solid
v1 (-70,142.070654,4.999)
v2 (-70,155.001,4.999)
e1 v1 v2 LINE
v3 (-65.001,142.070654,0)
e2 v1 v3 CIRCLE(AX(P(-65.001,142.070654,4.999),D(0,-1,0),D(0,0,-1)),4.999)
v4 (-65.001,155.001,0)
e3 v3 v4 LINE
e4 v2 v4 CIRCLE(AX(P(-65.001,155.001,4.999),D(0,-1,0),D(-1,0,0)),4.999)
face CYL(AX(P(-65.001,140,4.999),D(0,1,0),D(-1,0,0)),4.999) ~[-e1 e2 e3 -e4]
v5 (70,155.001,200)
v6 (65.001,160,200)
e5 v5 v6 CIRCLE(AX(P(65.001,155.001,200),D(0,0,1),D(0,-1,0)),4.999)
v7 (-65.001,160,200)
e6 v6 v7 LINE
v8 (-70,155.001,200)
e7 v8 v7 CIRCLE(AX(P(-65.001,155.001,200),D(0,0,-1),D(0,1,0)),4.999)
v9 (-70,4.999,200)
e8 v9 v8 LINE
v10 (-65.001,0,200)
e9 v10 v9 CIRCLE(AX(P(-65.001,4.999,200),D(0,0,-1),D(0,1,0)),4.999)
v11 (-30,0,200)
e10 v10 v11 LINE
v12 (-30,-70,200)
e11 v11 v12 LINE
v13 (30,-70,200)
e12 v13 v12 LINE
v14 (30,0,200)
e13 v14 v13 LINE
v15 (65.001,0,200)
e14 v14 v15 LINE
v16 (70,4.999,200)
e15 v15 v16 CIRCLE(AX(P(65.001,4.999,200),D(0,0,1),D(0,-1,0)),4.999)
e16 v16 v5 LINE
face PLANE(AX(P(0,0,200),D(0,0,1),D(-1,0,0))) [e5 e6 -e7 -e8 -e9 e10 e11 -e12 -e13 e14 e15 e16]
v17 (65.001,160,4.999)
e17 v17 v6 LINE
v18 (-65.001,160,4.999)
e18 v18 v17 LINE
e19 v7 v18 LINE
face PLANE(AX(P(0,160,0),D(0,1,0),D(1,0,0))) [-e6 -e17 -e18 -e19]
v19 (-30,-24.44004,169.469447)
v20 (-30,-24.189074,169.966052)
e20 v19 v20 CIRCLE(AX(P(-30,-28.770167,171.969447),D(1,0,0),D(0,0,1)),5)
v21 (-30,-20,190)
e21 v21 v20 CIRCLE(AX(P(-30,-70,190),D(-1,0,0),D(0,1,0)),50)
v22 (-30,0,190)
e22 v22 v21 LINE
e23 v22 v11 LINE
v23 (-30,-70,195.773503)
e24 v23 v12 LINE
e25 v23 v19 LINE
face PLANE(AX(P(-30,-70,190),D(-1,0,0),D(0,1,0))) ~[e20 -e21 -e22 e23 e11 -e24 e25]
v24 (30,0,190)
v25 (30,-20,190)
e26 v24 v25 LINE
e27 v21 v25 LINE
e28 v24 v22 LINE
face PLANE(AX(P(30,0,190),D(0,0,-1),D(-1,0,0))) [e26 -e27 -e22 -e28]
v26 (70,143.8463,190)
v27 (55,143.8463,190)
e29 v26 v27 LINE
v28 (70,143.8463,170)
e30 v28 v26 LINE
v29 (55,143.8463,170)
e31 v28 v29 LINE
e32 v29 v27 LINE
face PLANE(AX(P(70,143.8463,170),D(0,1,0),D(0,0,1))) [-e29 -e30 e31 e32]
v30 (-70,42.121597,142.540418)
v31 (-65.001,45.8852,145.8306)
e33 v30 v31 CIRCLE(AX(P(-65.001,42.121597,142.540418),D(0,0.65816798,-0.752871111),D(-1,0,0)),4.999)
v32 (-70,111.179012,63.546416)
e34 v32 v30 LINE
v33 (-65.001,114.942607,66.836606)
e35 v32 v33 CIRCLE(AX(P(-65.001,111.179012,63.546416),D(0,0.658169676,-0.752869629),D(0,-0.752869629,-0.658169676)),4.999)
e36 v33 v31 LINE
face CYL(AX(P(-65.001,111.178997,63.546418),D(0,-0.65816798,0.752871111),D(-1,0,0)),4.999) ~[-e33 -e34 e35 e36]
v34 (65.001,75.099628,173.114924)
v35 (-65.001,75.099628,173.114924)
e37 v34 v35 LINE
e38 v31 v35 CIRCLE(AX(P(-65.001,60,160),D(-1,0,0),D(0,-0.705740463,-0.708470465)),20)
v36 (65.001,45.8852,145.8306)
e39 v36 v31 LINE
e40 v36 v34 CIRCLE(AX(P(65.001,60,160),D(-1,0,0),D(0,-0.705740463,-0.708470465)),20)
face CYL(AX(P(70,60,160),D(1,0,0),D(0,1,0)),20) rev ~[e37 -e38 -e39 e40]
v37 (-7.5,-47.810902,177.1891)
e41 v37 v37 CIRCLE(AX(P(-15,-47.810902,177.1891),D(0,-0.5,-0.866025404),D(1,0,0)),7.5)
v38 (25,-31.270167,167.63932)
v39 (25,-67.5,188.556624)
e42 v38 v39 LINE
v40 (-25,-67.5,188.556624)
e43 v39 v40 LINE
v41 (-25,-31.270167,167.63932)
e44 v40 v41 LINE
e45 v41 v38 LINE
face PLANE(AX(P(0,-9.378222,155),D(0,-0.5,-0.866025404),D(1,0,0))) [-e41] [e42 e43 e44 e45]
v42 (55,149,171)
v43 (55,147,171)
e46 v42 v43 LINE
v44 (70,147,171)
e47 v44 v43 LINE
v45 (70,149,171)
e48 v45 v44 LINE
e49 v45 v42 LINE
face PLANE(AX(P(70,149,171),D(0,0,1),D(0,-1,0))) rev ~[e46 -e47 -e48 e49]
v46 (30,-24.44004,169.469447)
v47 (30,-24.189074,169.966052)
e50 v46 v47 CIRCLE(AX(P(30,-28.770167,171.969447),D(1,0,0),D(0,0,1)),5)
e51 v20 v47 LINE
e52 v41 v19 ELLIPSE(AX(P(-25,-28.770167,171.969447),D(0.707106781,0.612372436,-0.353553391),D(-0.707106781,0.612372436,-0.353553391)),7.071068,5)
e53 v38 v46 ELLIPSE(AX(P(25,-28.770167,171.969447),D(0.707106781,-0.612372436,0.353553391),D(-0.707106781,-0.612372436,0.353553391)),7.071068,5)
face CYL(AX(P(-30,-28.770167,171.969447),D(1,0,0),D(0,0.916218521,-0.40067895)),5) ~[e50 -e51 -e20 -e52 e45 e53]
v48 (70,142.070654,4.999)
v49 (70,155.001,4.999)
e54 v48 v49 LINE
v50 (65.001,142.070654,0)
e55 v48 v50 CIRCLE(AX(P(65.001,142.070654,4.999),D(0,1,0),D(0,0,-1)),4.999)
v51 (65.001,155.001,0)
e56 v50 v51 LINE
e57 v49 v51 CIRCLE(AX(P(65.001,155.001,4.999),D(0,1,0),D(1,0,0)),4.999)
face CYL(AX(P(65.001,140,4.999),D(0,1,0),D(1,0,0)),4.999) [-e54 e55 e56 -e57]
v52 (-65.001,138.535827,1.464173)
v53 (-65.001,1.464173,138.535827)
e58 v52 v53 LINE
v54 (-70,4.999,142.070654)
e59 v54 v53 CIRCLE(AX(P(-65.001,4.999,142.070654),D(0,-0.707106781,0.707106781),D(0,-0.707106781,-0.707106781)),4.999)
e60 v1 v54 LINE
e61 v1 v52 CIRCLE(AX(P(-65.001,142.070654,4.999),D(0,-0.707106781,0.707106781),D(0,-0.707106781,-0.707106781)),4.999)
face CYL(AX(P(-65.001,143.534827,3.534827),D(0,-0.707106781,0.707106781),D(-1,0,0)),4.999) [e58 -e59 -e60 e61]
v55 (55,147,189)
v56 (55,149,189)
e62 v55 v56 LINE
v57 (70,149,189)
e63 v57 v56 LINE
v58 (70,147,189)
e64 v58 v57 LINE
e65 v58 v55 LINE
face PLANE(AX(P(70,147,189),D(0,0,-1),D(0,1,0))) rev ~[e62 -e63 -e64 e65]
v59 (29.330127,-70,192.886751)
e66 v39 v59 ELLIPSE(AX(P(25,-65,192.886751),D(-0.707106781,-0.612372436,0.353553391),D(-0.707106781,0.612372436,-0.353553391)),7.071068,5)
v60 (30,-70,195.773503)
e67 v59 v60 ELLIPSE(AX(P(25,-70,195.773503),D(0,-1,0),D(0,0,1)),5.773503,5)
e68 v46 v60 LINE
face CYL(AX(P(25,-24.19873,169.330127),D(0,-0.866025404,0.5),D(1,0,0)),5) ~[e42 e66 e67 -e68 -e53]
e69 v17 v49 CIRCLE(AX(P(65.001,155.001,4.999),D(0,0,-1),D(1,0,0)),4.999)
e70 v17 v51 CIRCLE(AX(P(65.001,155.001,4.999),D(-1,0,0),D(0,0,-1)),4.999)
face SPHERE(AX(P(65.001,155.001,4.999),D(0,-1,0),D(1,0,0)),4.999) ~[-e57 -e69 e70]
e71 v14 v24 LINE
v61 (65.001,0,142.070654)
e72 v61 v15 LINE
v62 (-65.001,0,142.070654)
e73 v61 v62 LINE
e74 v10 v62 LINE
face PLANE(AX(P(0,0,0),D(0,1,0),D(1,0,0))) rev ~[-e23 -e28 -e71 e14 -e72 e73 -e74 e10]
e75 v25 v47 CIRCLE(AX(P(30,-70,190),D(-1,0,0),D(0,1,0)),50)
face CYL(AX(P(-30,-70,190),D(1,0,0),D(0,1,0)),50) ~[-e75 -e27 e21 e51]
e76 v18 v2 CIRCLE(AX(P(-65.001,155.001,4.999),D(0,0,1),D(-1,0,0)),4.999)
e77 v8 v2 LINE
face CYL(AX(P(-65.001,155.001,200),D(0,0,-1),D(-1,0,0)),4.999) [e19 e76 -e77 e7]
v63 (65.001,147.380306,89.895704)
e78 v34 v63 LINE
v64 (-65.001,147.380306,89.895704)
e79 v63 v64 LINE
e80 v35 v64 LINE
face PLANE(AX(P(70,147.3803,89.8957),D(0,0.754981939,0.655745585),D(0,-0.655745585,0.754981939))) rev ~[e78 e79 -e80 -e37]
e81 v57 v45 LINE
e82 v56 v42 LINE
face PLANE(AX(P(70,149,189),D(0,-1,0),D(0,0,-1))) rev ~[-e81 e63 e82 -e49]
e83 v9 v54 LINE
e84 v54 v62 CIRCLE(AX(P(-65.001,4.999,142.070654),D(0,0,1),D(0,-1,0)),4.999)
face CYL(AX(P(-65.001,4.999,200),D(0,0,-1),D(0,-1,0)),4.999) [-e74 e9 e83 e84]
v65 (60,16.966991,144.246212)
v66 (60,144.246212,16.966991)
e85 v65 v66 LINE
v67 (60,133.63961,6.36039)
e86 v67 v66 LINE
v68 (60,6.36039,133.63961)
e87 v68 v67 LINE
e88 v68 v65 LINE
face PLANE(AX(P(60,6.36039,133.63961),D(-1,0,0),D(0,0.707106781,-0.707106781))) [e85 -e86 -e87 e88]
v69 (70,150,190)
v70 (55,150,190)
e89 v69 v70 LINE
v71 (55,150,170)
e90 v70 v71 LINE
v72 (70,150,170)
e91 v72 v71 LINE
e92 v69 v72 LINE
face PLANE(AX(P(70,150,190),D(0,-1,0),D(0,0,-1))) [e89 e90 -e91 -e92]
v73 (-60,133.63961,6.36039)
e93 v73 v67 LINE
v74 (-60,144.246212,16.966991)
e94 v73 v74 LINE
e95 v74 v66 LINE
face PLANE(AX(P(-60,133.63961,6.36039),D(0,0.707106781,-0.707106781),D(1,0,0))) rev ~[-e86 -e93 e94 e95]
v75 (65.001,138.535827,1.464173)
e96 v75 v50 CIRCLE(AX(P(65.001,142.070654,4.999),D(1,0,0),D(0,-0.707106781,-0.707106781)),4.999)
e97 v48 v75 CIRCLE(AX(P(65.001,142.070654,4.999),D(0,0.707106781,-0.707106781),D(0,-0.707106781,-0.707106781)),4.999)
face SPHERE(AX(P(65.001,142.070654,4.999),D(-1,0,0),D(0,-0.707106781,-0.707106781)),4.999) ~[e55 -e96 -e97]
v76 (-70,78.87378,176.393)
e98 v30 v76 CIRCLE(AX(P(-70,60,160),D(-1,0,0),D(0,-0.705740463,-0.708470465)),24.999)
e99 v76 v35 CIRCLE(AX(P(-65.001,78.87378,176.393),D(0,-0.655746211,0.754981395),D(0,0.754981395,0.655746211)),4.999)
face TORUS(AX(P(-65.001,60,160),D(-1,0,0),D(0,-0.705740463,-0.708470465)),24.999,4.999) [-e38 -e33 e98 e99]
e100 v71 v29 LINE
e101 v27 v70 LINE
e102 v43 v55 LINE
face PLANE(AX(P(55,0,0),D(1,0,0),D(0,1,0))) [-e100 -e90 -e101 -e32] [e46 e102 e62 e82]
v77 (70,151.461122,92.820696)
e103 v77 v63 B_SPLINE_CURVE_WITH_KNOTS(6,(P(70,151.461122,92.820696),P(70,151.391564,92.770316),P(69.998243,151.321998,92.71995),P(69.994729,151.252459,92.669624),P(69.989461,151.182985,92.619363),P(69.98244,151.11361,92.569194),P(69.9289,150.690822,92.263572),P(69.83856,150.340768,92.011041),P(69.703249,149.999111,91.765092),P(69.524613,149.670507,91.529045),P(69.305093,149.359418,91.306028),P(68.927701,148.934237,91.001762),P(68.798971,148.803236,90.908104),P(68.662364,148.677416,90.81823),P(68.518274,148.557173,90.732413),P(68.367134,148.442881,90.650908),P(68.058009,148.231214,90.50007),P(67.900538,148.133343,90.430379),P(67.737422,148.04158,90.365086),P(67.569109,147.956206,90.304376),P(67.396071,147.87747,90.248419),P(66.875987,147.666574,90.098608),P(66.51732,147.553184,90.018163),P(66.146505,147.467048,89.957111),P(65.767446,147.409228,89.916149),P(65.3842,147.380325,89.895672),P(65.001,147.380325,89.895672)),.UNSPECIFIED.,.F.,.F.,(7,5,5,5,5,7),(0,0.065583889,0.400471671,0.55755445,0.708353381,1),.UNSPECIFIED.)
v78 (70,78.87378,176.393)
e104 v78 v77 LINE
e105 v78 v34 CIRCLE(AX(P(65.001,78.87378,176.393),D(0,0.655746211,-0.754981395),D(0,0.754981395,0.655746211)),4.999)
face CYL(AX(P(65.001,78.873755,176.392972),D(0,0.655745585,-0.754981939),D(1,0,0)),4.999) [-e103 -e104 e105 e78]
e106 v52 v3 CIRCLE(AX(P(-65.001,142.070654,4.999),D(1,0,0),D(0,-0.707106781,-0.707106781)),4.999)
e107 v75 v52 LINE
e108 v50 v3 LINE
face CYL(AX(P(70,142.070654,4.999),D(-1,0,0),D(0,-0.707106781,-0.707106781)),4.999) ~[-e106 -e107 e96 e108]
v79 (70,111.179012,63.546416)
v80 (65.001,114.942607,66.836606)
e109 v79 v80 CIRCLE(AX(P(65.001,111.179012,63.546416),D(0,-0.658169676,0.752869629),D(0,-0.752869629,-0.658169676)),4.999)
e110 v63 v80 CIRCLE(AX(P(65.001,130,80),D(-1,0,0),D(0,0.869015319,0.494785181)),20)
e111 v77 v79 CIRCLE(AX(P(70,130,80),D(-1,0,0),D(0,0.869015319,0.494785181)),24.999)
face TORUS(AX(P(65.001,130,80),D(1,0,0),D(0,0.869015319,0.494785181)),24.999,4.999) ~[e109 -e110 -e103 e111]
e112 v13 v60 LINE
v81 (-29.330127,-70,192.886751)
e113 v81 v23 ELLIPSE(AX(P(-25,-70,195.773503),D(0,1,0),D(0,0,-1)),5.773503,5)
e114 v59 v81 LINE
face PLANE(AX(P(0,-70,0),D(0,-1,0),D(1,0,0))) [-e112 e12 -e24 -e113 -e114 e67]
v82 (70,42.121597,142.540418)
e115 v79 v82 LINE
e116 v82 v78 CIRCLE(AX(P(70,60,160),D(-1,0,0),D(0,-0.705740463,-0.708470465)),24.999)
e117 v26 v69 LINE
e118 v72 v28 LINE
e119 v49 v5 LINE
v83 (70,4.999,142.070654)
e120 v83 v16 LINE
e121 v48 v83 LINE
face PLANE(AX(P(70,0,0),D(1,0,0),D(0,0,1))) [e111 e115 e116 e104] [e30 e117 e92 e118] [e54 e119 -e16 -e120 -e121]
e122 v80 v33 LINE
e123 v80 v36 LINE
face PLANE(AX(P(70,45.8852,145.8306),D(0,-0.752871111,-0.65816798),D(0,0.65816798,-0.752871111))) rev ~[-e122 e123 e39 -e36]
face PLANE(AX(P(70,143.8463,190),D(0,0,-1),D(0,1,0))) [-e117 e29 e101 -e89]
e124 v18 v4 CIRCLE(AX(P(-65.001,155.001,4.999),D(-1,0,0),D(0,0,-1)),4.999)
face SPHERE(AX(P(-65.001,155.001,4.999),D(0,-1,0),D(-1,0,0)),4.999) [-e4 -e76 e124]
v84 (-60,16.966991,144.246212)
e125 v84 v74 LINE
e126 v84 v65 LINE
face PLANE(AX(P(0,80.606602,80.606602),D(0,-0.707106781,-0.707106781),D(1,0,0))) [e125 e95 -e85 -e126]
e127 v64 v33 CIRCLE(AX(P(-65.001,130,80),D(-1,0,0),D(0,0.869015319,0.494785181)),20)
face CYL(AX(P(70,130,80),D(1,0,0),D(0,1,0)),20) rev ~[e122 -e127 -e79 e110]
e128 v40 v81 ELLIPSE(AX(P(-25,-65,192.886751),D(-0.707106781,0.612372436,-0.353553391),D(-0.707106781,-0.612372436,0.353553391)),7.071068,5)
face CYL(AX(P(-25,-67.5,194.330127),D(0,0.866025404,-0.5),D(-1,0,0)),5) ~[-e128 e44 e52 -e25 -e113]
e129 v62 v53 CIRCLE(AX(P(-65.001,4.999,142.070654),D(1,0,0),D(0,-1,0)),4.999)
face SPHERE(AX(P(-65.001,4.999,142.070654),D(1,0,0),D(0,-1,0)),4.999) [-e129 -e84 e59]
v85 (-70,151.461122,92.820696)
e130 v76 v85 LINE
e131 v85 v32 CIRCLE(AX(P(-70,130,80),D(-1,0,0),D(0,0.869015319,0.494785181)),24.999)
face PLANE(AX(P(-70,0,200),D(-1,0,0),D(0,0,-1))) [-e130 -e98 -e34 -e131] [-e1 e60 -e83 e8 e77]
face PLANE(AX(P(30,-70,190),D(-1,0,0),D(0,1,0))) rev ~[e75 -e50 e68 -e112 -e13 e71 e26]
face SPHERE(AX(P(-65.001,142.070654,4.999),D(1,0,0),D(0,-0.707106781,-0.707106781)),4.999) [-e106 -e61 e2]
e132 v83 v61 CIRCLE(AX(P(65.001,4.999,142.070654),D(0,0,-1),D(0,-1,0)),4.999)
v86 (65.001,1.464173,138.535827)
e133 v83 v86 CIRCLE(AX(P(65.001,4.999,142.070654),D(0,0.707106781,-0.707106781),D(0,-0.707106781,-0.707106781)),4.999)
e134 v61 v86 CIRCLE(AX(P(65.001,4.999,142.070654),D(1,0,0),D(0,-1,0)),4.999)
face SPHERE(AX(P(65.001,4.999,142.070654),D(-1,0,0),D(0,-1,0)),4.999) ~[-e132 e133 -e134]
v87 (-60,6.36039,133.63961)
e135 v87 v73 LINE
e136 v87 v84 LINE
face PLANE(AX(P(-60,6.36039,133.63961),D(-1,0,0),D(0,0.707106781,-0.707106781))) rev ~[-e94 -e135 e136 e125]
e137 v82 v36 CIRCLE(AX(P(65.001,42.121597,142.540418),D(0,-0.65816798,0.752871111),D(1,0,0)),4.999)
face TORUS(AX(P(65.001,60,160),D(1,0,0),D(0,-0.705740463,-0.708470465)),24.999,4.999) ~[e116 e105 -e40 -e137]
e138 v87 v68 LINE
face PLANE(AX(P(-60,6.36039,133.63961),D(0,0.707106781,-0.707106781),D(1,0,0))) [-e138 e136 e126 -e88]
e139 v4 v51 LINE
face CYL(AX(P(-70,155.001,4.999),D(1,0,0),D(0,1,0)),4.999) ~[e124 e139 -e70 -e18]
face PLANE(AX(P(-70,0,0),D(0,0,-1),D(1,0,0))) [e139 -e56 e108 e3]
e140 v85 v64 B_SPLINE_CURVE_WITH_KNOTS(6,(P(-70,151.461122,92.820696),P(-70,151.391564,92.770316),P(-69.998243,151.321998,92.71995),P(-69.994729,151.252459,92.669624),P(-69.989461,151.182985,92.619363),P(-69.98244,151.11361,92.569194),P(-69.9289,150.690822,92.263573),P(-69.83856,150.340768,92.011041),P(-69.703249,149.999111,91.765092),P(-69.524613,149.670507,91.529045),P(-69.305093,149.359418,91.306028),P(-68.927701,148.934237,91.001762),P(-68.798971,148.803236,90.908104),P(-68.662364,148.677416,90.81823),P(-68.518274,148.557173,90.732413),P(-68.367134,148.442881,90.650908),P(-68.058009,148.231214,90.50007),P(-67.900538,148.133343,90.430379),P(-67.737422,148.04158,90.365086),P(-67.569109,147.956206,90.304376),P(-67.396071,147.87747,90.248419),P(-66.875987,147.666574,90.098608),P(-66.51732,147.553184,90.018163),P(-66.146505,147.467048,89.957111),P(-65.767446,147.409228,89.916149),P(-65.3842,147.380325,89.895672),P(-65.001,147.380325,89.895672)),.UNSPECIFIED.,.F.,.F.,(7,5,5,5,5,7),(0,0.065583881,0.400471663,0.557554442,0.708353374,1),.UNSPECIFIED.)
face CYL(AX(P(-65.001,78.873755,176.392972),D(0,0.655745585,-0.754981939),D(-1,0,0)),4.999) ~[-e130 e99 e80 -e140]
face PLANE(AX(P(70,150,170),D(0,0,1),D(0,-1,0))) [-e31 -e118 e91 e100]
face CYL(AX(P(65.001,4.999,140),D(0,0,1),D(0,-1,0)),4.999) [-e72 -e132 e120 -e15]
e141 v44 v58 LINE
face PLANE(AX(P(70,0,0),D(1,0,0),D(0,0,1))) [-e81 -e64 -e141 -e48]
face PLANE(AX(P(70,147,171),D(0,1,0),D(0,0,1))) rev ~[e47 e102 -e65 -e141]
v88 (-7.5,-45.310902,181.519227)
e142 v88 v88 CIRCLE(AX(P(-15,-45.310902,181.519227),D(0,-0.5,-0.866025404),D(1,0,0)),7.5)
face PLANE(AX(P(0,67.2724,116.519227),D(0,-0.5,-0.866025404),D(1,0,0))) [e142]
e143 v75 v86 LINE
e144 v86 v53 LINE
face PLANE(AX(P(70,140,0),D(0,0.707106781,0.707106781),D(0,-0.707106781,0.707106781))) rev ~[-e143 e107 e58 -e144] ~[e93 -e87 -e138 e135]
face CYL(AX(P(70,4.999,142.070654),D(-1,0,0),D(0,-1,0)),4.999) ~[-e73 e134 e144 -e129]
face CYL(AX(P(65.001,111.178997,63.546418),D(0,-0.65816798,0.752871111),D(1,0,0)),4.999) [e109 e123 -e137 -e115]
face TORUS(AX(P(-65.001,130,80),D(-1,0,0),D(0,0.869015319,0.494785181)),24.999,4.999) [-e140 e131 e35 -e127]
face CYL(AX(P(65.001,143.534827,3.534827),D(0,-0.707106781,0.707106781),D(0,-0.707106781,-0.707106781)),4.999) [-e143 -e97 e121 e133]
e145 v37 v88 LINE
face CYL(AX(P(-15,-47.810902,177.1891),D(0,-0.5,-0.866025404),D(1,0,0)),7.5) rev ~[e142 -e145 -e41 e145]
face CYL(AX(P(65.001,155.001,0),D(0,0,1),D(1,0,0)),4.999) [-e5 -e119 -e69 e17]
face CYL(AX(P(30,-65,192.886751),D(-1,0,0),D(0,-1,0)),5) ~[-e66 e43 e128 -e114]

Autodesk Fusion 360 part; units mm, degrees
sketch "Boceto1" plane through (0, 0, 0) normal (0, 1, 0) x (1, 0, 0)
  line L0 (0, -200) -> (70, -200)
  line L1 (0, -200) -> (-70, -200)
  line L2 (-70, -200) -> (-70, 0)
  line L3 (-70, 0) -> (70, 0)
  line L4 (70, 0) -> (70, -200)
  dimension "d1" = 200
  dimension "d2" = 70
  dimension "d3" = 70
extrude "Extruir1" add sketch "Boceto1" along normal blind 160
sketch "Boceto2" plane through (70, 0, 0) normal (1, 0, 0) x (0, 1, 0)
  line L0 (0, 200) -> (0, 0)
  line L1 (0, 0) -> (160, 0)
  line L2 (160, 0) -> (160, 200)
  line L3 (160, 200) -> (0, 200)
  line L4 (140, 0) -> (0, 140)
  line L5 (430, 170) -> (420, 170)
extrude "Extruir2" cut sketch "Boceto2" against normal blind 140 contours L0 L1 L4
sketch "Boceto3" plane through (0, 0, 0) normal (0, -1, 0) x (1, 0, 0)
  line L0 (-70, 140) -> (70, 140)
  line L1 (70, 140) -> (70, 200)
  line L2 (70, 200) -> (-70, 200)
  line L3 (-70, 200) -> (-70, 140)
  line L4 (30, 200) -> (30, 190)
  line L5 (30, 190) -> (-30, 190)
  line L6 (-30, 190) -> (-30, 200)
extrude "Extruir3" add sketch "Boceto3" along normal blind 70 contours L2 L4 L5 L6
sketch "Boceto4" plane through (0, 0, 190) normal (0, 0, -1) x (1, 0, 0)
  line L0 (-30, 0) -> (30, 0)
  line L1 (30, 0) -> (30, 70)
  line L2 (30, 70) -> (-30, 70)
  line L3 (-30, 70) -> (-30, 0)
  line L4 (-30, 20) -> (30, 20)
revolve "Revolución1" add sketch "Boceto4" angle 30 about axis through (30, -70, 190) along (-1, 0, 0) contours L1 L2 L3 L4
sketch "Boceto5" plane through (0, 64.7724, 112.1891) normal (0, -0.5, -0.866) x (1, 0, 0)
  line L0 (-30, 105.6218) -> (30, 105.6218)
  line L1 (30, 105.6218) -> (30, 155.6218)
  line L2 (30, 155.6218) -> (-30, 155.6218)
  line L3 (-30, 155.6218) -> (-30, 105.6218)
  circle A0 centre (-15, 130) radius 10
  circle A1 centre (-15, 130) radius 7.5
  dimension "d11" = 15
extrude "Extruir4" cut sketch "Boceto5" against normal blind 5 contours A1
sketch "Boceto6" plane through (0, 64.7724, 112.1891) normal (0, -0.5, -0.866) x (1, 0, 0)
  circle A0 centre (-15, 130) radius 7.5
  line L0 (-30, 105.6218) -> (30, 105.6218)
  line L1 (30, 105.6218) -> (30, 155.6218)
  line L2 (30, 155.6218) -> (-30, 155.6218)
  line L3 (-30, 155.6218) -> (-30, 105.6218)
  circle A1 centre (-15, 130) radius 10
  dimension "d14" = 20
sketch "Boceto7" plane through (70, 0, 0) normal (1, 0, 0) x (0, 1, 0)
  line L0 (0, 140) -> (140, 0)
  line L1 (140, 0) -> (160, 0)
  line L2 (160, 0) -> (160, 200)
  line L3 (160, 200) -> (0, 200)
  line L4 (0, 200) -> (0, 140)
  line L5 (0, 140) -> (0, 160)
  line L6 (0, 160) -> (160, 0)
  circle A0 centre (130, 80) radius 20
  circle A1 centre (60, 160) radius 20
  line L7 (45.8852, 145.8306) -> (114.9426, 66.8366)
  line L8 (147.3803, 89.8957) -> (75.0996, 173.1149)
  dimension "d15" = 20
extrude "Extruir5" cut sketch "Boceto7" against normal blind 170 contours A0 L8 | A0 A1 L7 L8 | A1 picked at (118.5803, 82.9284)
sketch "Boceto8" plane through (0, 70, 70) normal (0, -0.7071, -0.7071) x (1, 0, 0)
  line L0 (70, -98.9949) -> (70, 98.9949)
  line L1 (70, 98.9949) -> (-70, 98.9949)
  line L2 (-70, 98.9949) -> (-70, -98.9949)
  line L3 (-70, -98.9949) -> (70, -98.9949)
  line L4 (-60, 90) -> (60, 90)
  line L5 (60, 90) -> (60, -90)
  line L6 (-60, 90) -> (-60, -90)
  line L7 (-60, -90) -> (60, -90)
extrude "Extruir6" cut sketch "Boceto8" against normal blind 15 contours L4 L5 L6 L7
sketch "Boceto9" plane through (70, 0, 0) normal (1, 0, 0) x (0, 1, 0)
  arc A0 (75.0996, 173.1149) -> (45.8852, 145.8306) centre (60, 160) ccw
  line L0 (75.0996, 173.1149) -> (147.3803, 89.8957)
  arc A1 (114.9426, 66.8366) -> (147.3803, 89.8957) centre (130, 80) ccw
  line L1 (114.9426, 66.8366) -> (45.8852, 145.8306)
  line L2 (0, 140) -> (140, 0)
  line L3 (140, 0) -> (160, 0)
  line L4 (160, 0) -> (160, 200)
  line L5 (160, 200) -> (0, 200)
  line L6 (0, 200) -> (0, 140)
  line L7 (140, 190) -> (150, 190)
  line L8 (150, 190) -> (150, 170)
  line L9 (150, 170) -> (140, 170)
  line L10 (147, 171) -> (147, 189)
  line L11 (147, 189) -> (149, 189)
  line L12 (149, 189) -> (149, 171)
  line L13 (149, 171) -> (147, 171)
  line L14 (143.8463, 170) -> (143.8463, 190)
  dimension "d20" = 20
extrude "Extruir7" cut sketch "Boceto9" against normal blind 15 contours L7 L8 L9 L14
fillet "Empalme1" radius 5 19 edges at (70, 0, 170) (70, 70, 70) (70, 150, 0) (70, 160, 100) (-70, 0, 170) (-70, 70, 70) (-70, 150, 0) (-70, 160, 100) (-70, 80.4139, 106.3336) (-70, 141.5879, 63.6991) (-70, 111.24, 131.5053) (-70, 46.349, 174.6167) (70, 141.5879, 63.6991) (70, 80.4139, 106.3336) (70, 46.349, 174.6167) (70, 111.24, 131.5053) (0, 160, 0) (0, 140, 0) (0, 0, 140)
fillet "Empalme2" radius 5 4 edges at (30, -48.3494, 177.5) (0, -26.6987, 165) (-30, -48.3494, 177.5) (0, -70, 190)
